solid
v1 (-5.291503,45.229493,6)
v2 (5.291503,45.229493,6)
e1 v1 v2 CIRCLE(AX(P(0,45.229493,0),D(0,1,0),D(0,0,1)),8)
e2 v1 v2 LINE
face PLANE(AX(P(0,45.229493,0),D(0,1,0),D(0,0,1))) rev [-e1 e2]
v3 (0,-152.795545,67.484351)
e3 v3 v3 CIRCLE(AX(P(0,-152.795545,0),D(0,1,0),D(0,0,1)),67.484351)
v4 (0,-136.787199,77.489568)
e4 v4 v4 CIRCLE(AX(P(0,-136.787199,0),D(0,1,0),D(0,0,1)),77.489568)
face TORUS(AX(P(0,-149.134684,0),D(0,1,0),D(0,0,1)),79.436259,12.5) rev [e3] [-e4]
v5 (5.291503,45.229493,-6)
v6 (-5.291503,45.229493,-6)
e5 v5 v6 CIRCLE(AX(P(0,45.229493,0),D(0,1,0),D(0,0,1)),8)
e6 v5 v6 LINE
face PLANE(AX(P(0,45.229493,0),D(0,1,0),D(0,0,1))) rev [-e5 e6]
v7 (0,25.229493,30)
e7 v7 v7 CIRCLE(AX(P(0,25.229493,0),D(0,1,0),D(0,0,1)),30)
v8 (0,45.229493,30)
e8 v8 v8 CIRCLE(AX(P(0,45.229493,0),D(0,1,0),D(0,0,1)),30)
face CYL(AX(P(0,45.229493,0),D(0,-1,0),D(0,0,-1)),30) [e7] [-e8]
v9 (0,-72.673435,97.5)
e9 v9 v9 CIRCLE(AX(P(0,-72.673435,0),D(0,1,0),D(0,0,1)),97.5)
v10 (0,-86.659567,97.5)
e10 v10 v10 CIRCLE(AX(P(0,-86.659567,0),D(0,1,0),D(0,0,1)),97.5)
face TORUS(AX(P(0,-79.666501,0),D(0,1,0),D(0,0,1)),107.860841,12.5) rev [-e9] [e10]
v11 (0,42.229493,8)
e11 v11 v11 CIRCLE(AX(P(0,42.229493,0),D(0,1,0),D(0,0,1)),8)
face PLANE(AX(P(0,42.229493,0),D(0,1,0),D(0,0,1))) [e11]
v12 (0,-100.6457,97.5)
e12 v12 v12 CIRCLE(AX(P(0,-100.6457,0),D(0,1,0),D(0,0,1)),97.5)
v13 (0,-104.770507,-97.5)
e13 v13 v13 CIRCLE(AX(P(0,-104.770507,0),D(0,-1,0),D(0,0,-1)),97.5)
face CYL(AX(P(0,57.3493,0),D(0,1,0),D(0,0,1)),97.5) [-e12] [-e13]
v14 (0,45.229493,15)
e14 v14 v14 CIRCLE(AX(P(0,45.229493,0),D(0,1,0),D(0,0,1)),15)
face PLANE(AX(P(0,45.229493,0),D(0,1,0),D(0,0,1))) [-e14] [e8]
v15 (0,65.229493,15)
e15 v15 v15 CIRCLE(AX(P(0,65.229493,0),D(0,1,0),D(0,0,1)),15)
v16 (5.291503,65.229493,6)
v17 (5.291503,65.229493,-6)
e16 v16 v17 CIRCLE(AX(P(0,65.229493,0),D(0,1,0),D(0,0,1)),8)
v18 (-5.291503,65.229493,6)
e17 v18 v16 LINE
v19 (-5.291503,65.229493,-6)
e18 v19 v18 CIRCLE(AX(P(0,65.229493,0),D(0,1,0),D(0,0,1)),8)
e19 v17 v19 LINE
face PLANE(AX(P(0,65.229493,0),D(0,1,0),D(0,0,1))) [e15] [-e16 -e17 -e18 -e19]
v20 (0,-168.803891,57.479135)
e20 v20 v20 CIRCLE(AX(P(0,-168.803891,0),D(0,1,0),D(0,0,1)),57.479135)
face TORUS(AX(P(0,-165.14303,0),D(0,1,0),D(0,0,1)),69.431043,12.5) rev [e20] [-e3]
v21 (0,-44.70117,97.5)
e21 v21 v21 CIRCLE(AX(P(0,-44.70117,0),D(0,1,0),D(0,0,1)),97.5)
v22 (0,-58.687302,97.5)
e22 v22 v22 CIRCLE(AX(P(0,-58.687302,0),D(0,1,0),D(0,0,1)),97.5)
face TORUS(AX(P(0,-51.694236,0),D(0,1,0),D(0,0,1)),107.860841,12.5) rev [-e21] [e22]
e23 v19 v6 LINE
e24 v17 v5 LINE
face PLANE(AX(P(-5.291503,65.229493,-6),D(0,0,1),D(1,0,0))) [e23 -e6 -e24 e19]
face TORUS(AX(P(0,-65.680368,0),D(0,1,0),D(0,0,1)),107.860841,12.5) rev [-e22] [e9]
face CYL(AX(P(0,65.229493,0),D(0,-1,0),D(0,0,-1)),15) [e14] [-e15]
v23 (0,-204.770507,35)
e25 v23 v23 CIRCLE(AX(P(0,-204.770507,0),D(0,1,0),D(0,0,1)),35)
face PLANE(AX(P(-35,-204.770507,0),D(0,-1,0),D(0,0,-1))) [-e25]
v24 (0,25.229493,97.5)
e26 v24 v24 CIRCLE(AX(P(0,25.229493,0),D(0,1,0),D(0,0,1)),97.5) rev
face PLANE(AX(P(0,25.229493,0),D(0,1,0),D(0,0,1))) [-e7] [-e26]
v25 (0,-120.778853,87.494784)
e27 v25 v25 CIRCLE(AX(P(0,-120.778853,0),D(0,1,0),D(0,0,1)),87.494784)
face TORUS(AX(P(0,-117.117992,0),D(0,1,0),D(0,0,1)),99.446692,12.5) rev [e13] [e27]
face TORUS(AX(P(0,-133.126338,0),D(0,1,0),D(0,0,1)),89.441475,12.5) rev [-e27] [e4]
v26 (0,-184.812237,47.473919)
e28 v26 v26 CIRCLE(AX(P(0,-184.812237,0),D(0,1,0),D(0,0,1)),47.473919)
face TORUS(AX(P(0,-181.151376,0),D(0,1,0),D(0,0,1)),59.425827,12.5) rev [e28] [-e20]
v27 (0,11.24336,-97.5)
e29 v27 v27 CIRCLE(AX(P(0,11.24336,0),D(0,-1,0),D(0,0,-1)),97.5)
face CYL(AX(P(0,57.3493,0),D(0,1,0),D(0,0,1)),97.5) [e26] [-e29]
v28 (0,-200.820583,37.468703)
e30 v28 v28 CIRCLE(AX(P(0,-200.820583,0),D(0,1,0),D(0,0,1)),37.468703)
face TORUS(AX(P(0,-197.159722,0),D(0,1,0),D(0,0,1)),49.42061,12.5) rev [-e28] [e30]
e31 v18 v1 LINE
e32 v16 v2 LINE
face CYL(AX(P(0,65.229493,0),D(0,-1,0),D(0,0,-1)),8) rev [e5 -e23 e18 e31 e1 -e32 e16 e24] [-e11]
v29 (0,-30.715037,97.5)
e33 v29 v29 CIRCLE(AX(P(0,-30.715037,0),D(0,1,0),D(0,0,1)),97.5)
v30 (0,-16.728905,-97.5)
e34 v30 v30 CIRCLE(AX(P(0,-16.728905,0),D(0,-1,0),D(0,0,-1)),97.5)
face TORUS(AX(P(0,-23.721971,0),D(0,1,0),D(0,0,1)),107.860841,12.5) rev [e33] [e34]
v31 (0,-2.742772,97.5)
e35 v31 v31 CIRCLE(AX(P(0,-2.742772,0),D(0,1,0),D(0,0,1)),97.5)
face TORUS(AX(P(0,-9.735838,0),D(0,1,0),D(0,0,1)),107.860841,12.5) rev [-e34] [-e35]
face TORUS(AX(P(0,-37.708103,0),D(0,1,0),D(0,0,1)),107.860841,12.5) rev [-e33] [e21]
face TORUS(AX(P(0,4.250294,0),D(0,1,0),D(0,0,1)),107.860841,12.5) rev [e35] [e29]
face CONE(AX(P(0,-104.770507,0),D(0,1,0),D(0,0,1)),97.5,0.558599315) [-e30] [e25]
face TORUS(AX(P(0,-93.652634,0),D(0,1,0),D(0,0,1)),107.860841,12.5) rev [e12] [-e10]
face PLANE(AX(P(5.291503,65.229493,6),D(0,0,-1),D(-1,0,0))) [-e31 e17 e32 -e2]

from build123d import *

# Parameters (mm, degrees)
SKETCH3_R           = 12.5
SKETCH4_R           = 12.5
SKETCH5_R           = 40
BOSS_EXTRUDE1_DEPTH = 22
SKETCH6_R           = 2.5
CUT_EXTRUDE1_DEPTH  = 15
SKETCH9_R           = 30
BOSS_EXTRUDE3_DEPTH = 20
SKETCH8_R           = 15
BOSS_EXTRUDE4_DEPTH = 20
CUT_EXTRUDE2_START  = -3
SKETCH10_R          = 8
CUT_EXTRUDE2_DEPTH  = 3


with BuildPart() as part:
    # Sketch2 → Revolve1 (revolve)
    with BuildSketch(Plane.XY, mode=Mode.PRIVATE) as revolve1_sk:
        Polygon((0, 45.229492814), (-200, 45.229492814), (-200, -104.770507186), (-137.5, -204.770507186), (-117.5, -204.770507186), (-180, -104.770507186), (-180, 25.229492814), (-97.5, 25.229492814), (-97.5, -104.770507186), (-35, -204.770507186), (0, -204.770507186), (0, 25.229492814), align=None)
    revolve(revolve1_sk.sketch.rotate(Axis((0, 57.349299688, 0), (0, -1, 0)), 270), axis=Axis((0, 57.349299688, 0), (0, -1, 0)))

    # Sketch3 → Cut-Revolve1 (revolve, cut)
    with BuildSketch(Plane.XY, mode=Mode.PRIVATE) as cut_revolve1_sk:
        with Locations((-107.86084091, 4.25029405)):
            Circle(SKETCH3_R)
        with Locations((-107.86084091, -9.735838459)):
            Circle(SKETCH3_R)
        with Locations((-107.86084091, -23.721970968)):
            Circle(SKETCH3_R)
        with Locations((-107.86084091, -37.708103477)):
            Circle(SKETCH3_R)
        with Locations((-107.86084091, -51.694235986)):
            Circle(SKETCH3_R)
        with Locations((-107.86084091, -65.680368495)):
            Circle(SKETCH3_R)
        with Locations((-107.86084091, -79.666501004)):
            Circle(SKETCH3_R)
        with Locations((-107.86084091, -93.652633513)):
            Circle(SKETCH3_R)
    revolve(cut_revolve1_sk.sketch.rotate(Axis((0, 80.728496273, 0), (0, -1, 0)), 270), axis=Axis((0, 80.728496273, 0), (0, -1, 0)), mode=Mode.SUBTRACT)

    # Sketch4 → Cut-Revolve2 (revolve, cut)
    with BuildSketch(Plane.XY, mode=Mode.PRIVATE) as cut_revolve2_sk:
        with Locations((-89.441475281, -133.126338415)):
            Circle(SKETCH4_R)
        with Locations((-99.446691515, -117.117992442)):
            Circle(SKETCH4_R)
        with Locations((-79.436259048, -149.134684389)):
            Circle(SKETCH4_R)
        with Locations((-69.431042815, -165.143030362)):
            Circle(SKETCH4_R)
        with Locations((-59.425826582, -181.151376335)):
            Circle(SKETCH4_R)
        with Locations((-49.420610349, -197.159722308)):
            Circle(SKETCH4_R)
    revolve(cut_revolve2_sk.sketch.rotate(Axis((0, 86.064622477, 0), (0, -1, 0)), 270), axis=Axis((0, 86.064622477, 0), (0, -1, 0)), mode=Mode.SUBTRACT)

    # Sketch5 → Boss-Extrude1 (add)
    with BuildSketch(Plane(origin=(0, 45.229492814, 0), x_dir=(1, 0, 0), z_dir=(0, 1, 0))):
        with Locations(Location((0, 0, 0), (0, 0, 270))):
            Circle(SKETCH5_R)
        with BuildLine():
            Line((-5.522648203, 5.787949277), (5.05222187, 6.202826306))
            ThreePointArc((5.05222187, 6.202826306), (7.993850388, 0.313617555), (5.522648203, -5.787949277))
            Line((5.522648203, -5.787949277), (-5.05222187, -6.202826306))
            ThreePointArc((-5.05222187, -6.202826306), (-7.993850388, -0.313617555), (-5.522648203, 5.787949277))
        make_face(mode=Mode.SUBTRACT)
    extrude(amount=BOSS_EXTRUDE1_DEPTH)

    # Sketch6 → Cut-Extrude1 (cut)
    with BuildSketch(Plane(origin=(0, 67.229492814, 0), x_dir=(1, 0, 0), z_dir=(0, 1, 0))):
        with Locations(Location((0, 25, 0), (0, 0, 270))):
            Circle(SKETCH6_R)
        with Locations(Location((21.650635095, 12.5, 0), (0, 0, 270))):
            Circle(SKETCH6_R)
        with Locations(Location((21.650635095, -12.5, 0), (0, 0, 270))):
            Circle(SKETCH6_R)
        with Locations(Location((0, -25, 0), (0, 0, 270))):
            Circle(SKETCH6_R)
        with Locations(Location((-21.650635095, -12.5, 0), (0, 0, 270))):
            Circle(SKETCH6_R)
        with Locations(Location((-21.650635095, 12.5, 0), (0, 0, 270))):
            Circle(SKETCH6_R)
    extrude(amount=-CUT_EXTRUDE1_DEPTH, mode=Mode.SUBTRACT)

    # Sketch7 → Cut-Revolve3 (revolve, cut)
    with BuildSketch(Plane.XY, mode=Mode.PRIVATE) as cut_revolve3_sk:
        Polygon((0, 25.229492814), (125.171972737, 25.229492814), (125.171972737, -129.078798309), (44.932535507, -243.529943643), (312.748215589, -243.529943643), (312.748215589, 128.436278693), (0, 128.436278693), align=None)
    revolve(cut_revolve3_sk.sketch.rotate(Axis((0, 169.909572241, 0), (0, -1, 0)), 90), axis=Axis((0, 169.909572241, 0), (0, -1, 0)), mode=Mode.SUBTRACT)

    # Sketch9 → Boss-Extrude3 (add)
    with BuildSketch(Plane(origin=(0, 25.229492814, 0), x_dir=(1, 0, 0), z_dir=(0, 1, 0))):
        with Locations(Location((0, 0, 0), (0, 0, 270))):
            Circle(SKETCH9_R)
    extrude(amount=BOSS_EXTRUDE3_DEPTH)

    # Sketch8 → Boss-Extrude4 (add)
    with BuildSketch(Plane(origin=(0, 45.229492814, 0), x_dir=(1, 0, 0), z_dir=(0, 1, 0))):
        with Locations(Location((0, 0, 0), (0, 0, 270))):
            Circle(SKETCH8_R)
        with BuildLine():
            Line((-5.291502622, 6), (5.291502622, 6))
            ThreePointArc((5.291502622, 6), (8, 0), (5.291502622, -6))
            Line((5.291502622, -6), (-5.291502622, -6))
            ThreePointArc((-5.291502622, -6), (-8, 0), (-5.291502622, 6))
        make_face(mode=Mode.SUBTRACT)
    extrude(amount=BOSS_EXTRUDE4_DEPTH)

    # Sketch10 → Cut-Extrude2 (cut)
    with BuildSketch(Plane(origin=(0, 45.229492814, 0), x_dir=(1, 0, 0), z_dir=(0, 1, 0)).offset(CUT_EXTRUDE2_START)):
        with Locations(Location((0, 0, 0), (0, 0, 131.409622109))):
            Circle(SKETCH10_R)
    extrude(amount=CUT_EXTRUDE2_DEPTH, mode=Mode.SUBTRACT)


solid = part.part
